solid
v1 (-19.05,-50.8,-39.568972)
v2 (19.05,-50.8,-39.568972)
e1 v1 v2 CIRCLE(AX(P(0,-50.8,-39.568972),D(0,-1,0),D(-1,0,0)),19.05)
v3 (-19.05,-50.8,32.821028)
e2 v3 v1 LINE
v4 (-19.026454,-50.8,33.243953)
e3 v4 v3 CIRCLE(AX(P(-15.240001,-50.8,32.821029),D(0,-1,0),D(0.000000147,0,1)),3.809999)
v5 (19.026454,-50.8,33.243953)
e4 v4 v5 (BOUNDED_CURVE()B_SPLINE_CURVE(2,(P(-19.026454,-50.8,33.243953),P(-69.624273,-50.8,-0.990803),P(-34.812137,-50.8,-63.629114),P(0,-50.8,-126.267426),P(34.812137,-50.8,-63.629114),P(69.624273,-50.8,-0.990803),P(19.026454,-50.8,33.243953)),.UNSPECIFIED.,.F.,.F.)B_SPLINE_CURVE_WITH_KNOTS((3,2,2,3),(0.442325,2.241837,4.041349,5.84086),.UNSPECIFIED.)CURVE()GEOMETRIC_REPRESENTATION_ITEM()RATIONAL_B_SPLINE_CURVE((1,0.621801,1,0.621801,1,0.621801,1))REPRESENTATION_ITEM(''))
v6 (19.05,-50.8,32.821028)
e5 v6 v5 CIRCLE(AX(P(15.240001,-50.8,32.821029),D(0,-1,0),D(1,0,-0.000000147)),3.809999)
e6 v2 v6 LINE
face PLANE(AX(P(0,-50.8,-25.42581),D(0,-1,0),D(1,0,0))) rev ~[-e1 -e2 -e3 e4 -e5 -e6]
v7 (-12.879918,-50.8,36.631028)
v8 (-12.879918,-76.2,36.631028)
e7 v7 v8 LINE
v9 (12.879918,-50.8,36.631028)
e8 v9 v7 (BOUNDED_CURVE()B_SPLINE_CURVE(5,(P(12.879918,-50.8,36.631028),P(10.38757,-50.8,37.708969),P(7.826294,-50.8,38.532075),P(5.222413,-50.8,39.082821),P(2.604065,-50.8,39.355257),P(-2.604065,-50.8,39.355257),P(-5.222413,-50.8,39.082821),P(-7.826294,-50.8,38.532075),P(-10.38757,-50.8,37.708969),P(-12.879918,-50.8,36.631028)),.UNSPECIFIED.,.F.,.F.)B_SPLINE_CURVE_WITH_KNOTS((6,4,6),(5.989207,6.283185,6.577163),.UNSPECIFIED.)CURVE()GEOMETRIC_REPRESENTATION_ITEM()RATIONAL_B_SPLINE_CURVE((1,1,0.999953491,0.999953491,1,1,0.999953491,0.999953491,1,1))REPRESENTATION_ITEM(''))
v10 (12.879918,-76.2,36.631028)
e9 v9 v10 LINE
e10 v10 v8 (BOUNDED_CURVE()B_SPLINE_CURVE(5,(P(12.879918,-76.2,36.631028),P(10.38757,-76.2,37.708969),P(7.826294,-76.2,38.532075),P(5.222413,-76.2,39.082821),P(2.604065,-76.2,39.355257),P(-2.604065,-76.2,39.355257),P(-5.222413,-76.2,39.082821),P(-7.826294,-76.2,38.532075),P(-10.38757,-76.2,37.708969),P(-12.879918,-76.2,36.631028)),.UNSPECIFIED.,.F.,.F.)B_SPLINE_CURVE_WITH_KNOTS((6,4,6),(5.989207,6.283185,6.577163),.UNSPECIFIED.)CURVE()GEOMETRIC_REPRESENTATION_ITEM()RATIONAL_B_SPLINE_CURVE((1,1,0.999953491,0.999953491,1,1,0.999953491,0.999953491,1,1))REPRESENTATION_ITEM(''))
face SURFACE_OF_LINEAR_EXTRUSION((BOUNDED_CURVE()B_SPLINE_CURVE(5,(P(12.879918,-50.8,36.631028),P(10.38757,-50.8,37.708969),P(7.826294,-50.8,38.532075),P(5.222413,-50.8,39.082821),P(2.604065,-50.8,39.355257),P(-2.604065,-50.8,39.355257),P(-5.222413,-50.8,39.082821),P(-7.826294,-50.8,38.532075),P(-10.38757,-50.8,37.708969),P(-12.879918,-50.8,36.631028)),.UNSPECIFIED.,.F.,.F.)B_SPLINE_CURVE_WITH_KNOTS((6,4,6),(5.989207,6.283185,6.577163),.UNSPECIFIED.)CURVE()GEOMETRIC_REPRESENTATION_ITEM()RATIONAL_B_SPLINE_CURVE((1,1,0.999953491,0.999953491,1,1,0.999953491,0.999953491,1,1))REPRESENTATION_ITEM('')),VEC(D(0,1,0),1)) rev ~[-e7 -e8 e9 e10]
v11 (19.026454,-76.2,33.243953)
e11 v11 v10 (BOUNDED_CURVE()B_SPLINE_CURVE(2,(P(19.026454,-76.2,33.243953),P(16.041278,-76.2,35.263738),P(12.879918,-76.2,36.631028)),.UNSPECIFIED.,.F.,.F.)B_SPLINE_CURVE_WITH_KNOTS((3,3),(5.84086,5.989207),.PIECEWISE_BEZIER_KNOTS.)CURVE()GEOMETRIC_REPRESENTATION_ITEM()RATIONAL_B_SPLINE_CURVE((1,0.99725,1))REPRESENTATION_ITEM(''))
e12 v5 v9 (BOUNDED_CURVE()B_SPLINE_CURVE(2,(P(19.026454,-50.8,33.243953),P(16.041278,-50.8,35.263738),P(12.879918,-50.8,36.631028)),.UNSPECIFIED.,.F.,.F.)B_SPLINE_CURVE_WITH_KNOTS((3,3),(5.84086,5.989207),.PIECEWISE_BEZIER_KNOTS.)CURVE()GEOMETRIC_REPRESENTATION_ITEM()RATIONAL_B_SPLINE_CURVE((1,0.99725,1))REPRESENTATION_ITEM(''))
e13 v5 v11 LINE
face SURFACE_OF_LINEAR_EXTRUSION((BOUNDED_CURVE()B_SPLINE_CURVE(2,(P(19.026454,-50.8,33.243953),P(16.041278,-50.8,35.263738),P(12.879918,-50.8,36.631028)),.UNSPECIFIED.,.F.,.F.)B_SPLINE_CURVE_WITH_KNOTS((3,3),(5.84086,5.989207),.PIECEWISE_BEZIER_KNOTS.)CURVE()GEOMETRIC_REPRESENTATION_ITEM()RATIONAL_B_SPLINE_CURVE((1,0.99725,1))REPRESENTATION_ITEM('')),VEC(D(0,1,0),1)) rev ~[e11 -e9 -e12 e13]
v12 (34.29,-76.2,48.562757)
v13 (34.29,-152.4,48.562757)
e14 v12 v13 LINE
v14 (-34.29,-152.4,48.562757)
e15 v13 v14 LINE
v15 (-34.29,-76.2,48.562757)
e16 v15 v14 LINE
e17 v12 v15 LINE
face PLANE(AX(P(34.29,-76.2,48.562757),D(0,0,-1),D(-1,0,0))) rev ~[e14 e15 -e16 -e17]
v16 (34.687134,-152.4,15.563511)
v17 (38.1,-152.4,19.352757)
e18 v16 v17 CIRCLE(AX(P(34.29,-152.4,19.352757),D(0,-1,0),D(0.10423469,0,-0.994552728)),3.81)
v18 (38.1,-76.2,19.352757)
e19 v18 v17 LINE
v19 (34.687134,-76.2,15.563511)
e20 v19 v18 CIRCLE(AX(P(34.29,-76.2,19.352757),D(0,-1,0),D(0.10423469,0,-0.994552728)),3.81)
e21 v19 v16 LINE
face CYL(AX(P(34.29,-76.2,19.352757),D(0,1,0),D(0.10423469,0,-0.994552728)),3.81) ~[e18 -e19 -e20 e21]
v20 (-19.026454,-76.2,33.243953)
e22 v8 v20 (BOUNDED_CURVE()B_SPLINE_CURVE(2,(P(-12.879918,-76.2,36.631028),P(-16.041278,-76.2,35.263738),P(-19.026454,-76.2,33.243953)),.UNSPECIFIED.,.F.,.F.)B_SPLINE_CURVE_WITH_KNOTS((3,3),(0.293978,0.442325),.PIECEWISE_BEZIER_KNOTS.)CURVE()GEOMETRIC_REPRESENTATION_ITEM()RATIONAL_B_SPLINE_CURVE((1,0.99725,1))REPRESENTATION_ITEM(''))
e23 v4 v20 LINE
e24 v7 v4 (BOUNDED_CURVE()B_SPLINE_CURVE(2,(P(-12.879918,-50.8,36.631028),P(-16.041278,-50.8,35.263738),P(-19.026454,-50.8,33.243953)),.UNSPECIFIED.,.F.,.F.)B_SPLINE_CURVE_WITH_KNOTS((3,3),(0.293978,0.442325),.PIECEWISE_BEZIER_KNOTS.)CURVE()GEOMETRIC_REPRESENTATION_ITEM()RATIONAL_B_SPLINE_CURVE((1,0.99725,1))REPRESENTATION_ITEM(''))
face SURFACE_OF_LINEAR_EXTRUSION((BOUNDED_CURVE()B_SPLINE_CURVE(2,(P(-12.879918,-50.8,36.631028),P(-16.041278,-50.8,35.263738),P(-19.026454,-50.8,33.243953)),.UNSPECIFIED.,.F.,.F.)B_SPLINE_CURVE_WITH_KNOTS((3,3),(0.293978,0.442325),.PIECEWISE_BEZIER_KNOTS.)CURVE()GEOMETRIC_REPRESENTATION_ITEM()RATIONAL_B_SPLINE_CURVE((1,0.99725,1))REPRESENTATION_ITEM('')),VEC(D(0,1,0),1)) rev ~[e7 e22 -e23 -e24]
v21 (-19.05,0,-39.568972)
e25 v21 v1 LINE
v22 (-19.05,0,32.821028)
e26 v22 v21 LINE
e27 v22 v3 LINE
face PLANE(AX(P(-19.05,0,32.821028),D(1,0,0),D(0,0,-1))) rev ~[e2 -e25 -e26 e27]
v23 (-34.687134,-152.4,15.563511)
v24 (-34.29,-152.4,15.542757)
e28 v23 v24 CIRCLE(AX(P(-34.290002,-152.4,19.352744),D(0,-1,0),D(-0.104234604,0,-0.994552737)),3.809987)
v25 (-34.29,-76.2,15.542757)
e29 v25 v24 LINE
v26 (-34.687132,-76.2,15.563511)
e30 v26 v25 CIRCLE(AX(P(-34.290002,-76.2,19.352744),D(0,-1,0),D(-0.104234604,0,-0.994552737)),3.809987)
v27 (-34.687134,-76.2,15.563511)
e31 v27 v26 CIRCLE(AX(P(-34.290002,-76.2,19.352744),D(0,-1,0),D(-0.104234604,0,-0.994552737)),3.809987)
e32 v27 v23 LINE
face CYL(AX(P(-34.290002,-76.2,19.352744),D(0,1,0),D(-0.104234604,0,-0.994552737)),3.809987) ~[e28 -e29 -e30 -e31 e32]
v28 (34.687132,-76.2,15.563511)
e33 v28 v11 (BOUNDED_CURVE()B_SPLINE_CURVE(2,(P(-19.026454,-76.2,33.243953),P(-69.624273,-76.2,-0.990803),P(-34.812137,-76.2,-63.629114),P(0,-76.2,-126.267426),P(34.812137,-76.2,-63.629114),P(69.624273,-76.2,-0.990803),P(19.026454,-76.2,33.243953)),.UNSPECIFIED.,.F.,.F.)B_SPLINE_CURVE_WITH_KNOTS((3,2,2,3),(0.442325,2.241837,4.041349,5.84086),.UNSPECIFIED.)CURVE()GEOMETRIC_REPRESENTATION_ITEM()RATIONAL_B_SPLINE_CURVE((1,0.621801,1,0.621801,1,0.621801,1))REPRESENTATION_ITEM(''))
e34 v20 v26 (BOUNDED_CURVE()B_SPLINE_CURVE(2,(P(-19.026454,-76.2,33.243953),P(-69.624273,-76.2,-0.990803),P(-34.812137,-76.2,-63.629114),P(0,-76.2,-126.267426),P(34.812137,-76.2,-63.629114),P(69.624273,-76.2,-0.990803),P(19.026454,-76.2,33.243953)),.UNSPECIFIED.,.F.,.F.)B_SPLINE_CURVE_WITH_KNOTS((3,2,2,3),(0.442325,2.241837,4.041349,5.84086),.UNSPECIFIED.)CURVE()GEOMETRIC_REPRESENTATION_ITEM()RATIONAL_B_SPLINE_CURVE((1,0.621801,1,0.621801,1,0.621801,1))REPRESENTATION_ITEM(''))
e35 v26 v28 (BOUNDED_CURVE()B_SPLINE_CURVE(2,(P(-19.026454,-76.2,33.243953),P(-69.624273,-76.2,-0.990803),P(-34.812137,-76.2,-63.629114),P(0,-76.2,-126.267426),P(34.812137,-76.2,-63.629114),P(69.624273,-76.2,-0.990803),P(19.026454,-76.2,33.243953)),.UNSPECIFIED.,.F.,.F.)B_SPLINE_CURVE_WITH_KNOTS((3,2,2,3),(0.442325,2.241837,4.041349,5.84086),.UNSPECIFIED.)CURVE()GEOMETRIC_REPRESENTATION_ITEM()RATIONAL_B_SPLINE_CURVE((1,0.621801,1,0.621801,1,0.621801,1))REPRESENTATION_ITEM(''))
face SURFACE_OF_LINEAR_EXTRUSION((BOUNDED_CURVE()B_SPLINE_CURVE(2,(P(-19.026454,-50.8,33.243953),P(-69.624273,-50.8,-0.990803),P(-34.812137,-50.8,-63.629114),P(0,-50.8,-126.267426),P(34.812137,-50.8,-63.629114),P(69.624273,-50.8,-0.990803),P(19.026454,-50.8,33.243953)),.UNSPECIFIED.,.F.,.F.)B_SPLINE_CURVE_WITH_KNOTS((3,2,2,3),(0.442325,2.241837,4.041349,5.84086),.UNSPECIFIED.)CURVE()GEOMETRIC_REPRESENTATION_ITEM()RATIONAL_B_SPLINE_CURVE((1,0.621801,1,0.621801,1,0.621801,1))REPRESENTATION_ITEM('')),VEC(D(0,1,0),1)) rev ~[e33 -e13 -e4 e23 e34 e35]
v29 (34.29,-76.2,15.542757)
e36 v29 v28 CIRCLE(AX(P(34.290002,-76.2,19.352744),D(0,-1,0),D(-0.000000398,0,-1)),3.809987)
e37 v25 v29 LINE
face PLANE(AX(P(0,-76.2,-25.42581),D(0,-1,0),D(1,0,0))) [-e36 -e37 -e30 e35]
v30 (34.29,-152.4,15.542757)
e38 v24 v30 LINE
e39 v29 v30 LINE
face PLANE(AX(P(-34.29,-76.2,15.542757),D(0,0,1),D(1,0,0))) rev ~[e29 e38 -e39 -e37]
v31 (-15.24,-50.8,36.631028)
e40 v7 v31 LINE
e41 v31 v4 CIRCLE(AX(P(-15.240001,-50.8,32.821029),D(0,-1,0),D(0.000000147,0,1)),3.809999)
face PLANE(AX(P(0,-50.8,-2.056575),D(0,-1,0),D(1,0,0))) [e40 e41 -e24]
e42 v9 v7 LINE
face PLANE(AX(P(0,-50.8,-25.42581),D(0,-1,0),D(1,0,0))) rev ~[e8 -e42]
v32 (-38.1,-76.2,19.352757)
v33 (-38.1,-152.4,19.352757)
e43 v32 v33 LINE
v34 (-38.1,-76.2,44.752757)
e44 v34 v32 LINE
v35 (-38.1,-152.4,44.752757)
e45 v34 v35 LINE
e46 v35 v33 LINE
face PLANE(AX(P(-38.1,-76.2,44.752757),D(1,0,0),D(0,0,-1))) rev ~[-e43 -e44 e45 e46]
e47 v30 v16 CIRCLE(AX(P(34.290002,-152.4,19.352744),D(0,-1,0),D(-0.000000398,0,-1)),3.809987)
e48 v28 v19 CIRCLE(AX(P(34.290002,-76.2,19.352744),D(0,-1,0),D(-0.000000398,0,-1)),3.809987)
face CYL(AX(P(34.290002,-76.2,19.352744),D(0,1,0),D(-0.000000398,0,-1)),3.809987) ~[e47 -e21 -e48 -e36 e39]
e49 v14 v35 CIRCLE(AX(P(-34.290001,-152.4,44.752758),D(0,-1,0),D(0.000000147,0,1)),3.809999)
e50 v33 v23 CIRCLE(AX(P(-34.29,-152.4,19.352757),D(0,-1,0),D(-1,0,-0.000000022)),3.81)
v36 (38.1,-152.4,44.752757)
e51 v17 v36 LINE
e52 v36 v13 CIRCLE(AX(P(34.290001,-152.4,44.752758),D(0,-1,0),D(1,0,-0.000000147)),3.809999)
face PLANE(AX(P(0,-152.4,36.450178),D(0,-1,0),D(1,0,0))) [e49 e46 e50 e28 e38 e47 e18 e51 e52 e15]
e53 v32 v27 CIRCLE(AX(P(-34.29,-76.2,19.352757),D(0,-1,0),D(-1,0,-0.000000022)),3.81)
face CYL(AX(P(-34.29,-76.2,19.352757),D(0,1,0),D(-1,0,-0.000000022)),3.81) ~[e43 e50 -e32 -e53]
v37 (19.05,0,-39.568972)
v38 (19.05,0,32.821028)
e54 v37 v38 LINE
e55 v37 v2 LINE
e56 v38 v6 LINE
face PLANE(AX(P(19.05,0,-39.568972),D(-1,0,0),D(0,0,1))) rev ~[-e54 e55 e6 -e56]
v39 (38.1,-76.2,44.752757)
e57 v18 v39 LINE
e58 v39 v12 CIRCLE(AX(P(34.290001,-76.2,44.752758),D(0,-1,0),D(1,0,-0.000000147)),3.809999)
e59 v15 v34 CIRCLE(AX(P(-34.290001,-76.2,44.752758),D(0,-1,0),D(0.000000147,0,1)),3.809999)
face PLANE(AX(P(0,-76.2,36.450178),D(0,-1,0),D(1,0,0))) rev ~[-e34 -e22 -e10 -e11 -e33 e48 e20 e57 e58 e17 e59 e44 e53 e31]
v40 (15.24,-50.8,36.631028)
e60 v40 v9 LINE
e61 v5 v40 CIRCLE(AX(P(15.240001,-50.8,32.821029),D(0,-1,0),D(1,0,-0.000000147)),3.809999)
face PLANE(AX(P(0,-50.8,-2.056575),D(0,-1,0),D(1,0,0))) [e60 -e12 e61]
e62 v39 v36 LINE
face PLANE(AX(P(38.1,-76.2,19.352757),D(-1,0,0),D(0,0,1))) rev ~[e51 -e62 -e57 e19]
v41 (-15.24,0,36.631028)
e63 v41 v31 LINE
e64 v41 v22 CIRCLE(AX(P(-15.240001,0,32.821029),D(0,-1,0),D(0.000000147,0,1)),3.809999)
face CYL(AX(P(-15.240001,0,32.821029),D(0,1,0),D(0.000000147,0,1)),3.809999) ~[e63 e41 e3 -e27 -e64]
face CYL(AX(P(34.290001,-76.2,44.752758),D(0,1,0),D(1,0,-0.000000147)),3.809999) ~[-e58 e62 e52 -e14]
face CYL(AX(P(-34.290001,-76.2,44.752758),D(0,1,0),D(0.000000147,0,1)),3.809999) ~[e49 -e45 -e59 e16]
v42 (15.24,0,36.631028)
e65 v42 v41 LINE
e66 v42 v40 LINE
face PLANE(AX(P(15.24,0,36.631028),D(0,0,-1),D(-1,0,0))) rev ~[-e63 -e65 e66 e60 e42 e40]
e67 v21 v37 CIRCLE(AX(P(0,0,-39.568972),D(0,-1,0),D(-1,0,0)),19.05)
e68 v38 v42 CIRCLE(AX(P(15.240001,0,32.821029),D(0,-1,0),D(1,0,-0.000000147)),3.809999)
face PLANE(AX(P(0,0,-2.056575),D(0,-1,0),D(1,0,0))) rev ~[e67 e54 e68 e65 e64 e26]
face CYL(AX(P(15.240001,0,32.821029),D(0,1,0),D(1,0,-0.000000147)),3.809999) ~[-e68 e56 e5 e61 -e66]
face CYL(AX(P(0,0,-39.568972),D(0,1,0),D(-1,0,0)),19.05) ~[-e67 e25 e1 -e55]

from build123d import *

# Parameters (mm, degrees)
F1_DEPTH = 50.8
F3_DEPTH = 25.4
F5_DEPTH = 76.2


with BuildPart() as f1:
    # F0 (on Front) → F1 (new body)
    with BuildSketch(Plane.XZ):
        with BuildLine():
            ThreePointArc((19.05, 32.821028), (17.934077, 35.515105), (15.24, 36.631028))
            Line((15.24, 36.631028), (-15.24, 36.631028))
            ThreePointArc((-15.24, 36.631028), (-17.934077, 35.515105), (-19.05, 32.821028))
            Line((-19.05, 32.821028), (-19.05, -39.568972))
            Line((-19.05, -39.568972), (19.05, -39.568972))
            Line((19.05, -39.568972), (19.05, 32.821028))
        make_face()
        with BuildLine():
            ThreePointArc((-19.05, -39.568972), (0, -58.618972), (19.05, -39.568972))
            Line((19.05, -39.568972), (-19.05, -39.568972))
        make_face()
    extrude(amount=F1_DEPTH)

    # F2 (on face) → F3 (join)
    with BuildSketch(Plane.XZ.offset(50.8)):
        with BuildLine():
            ThreePointArc((-19.05, 32.821028), (-19.044109, 33.032818), (-19.026454, 33.243953))
            add(Edge.make_bspline(
                [(-19.026454, 33.243953), (-69.624273, -0.990803), (-34.812137, -63.629114), (0, -126.267426), (34.812137, -63.629114), (69.624273, -0.990803), (19.026454, 33.243953)],
                knots=[0.442325, 0.442325, 0.442325, 2.241837, 2.241837, 4.041349, 4.041349, 5.84086, 5.84086, 5.84086], degree=2, weights=[1, 0.621801, 1, 0.621801, 1, 0.621801, 1]))
            ThreePointArc((19.026454, 33.243953), (19.044109, 33.032818), (19.05, 32.821028))
            Line((19.05, 32.821028), (19.05, -39.568972))
            ThreePointArc((19.05, -39.568972), (0, -58.618972), (-19.05, -39.568972))
            Line((-19.05, -39.568972), (-19.05, 32.821028))
        make_face()
        with BuildLine():
            Line((12.879918, 36.631028), (-12.879918, 36.631028))
            add(Edge.make_bspline(
                [(-12.879918, 36.631028), (-16.041278, 35.263738), (-19.026454, 33.243953)],
                knots=[0.293978, 0.293978, 0.293978, 0.442325, 0.442325, 0.442325], degree=2, weights=[1, 0.99725, 1]))
            ThreePointArc((-19.026454, 33.243953), (-19.044109, 33.032818), (-19.05, 32.821028))
            Line((-19.05, 32.821028), (-19.05, -39.568972))
            ThreePointArc((-19.05, -39.568972), (0, -58.618972), (19.05, -39.568972))
            Line((19.05, -39.568972), (19.05, 32.821028))
            ThreePointArc((19.05, 32.821028), (19.044109, 33.032818), (19.026454, 33.243953))
            add(Edge.make_bspline(
                [(19.026454, 33.243953), (16.041278, 35.263738), (12.879918, 36.631028)],
                knots=[5.84086, 5.84086, 5.84086, 5.989207, 5.989207, 5.989207], degree=2, weights=[1, 0.99725, 1]))
        make_face()
        with BuildLine():
            add(Edge.make_bspline(
                [(12.879918, 36.631028), (6.581128, 39.355257), (0, 39.355257)],
                knots=[5.989207, 5.989207, 5.989207, 6.283185, 6.283185, 6.283185], degree=2, weights=[1, 0.989217, 1]))
            add(Edge.make_bspline(
                [(0, 39.355257), (-6.581128, 39.355257), (-12.879918, 36.631028)],
                knots=[0, 0, 0, 0.293978, 0.293978, 0.293978], degree=2, weights=[1, 0.989217, 1]))
            Line((-12.879918, 36.631028), (12.879918, 36.631028))
        make_face()
    extrude(amount=F3_DEPTH)

    # F4 (on face) → F5 (join)
    with BuildSketch(Plane.XZ.offset(76.2)):
        with BuildLine():
            ThreePointArc((-38.1, 19.352757), (-37.121005, 16.802951), (-34.687134, 15.563511))
            add(Edge.make_bspline(
                [(-19.026454, 33.243953), (-28.282625, 26.981178), (-34.687134, 15.563511)],
                knots=[0.442325, 0.442325, 0.442325, 0.918738, 0.918738, 0.918738], degree=2, weights=[1, 0.899873, 0.852763]))
            add(Edge.make_bspline(
                [(-12.879918, 36.631028), (-16.041278, 35.263738), (-19.026454, 33.243953)],
                knots=[0.293978, 0.293978, 0.293978, 0.442325, 0.442325, 0.442325], degree=2, weights=[1, 0.99725, 1]))
            add(Edge.make_bspline(
                [(0, 39.355257), (-6.581128, 39.355257), (-12.879918, 36.631028)],
                knots=[0, 0, 0, 0.293978, 0.293978, 0.293978], degree=2, weights=[1, 0.989217, 1]))
            add(Edge.make_bspline(
                [(12.879918, 36.631028), (6.581128, 39.355257), (0, 39.355257)],
                knots=[5.989207, 5.989207, 5.989207, 6.283185, 6.283185, 6.283185], degree=2, weights=[1, 0.989217, 1]))
            add(Edge.make_bspline(
                [(19.026454, 33.243953), (16.041278, 35.263738), (12.879918, 36.631028)],
                knots=[5.84086, 5.84086, 5.84086, 5.989207, 5.989207, 5.989207], degree=2, weights=[1, 0.99725, 1]))
            add(Edge.make_bspline(
                [(34.687134, 15.563511), (28.282625, 26.981178), (19.026454, 33.243953)],
                knots=[5.364447, 5.364447, 5.364447, 5.84086, 5.84086, 5.84086], degree=2, weights=[0.852763, 0.899873, 1]))
            ThreePointArc((34.687134, 15.563511), (37.121005, 16.802951), (38.1, 19.352757))
            Line((38.1, 19.352757), (38.1, 44.752757))
            ThreePointArc((38.1, 44.752757), (36.984077, 47.446834), (34.29, 48.562757))
            Line((34.29, 48.562757), (-34.29, 48.562757))
            ThreePointArc((-34.29, 48.562757), (-36.984077, 47.446834), (-38.1, 44.752757))
            Line((-38.1, 44.752757), (-38.1, 19.352757))
        make_face()
        with BuildLine():
            ThreePointArc((-34.687134, 15.563511), (-34.488838, 15.547949), (-34.29, 15.542757))
            Line((-34.29, 15.542757), (34.29, 15.542757))
            ThreePointArc((34.29, 15.542757), (34.488838, 15.547949), (34.687134, 15.563511))
            add(Edge.make_bspline(
                [(34.687134, 15.563511), (28.282625, 26.981178), (19.026454, 33.243953)],
                knots=[5.364447, 5.364447, 5.364447, 5.84086, 5.84086, 5.84086], degree=2, weights=[0.852763, 0.899873, 1]))
            add(Edge.make_bspline(
                [(19.026454, 33.243953), (16.041278, 35.263738), (12.879918, 36.631028)],
                knots=[5.84086, 5.84086, 5.84086, 5.989207, 5.989207, 5.989207], degree=2, weights=[1, 0.99725, 1]))
            add(Edge.make_bspline(
                [(12.879918, 36.631028), (6.581128, 39.355257), (0, 39.355257)],
                knots=[5.989207, 5.989207, 5.989207, 6.283185, 6.283185, 6.283185], degree=2, weights=[1, 0.989217, 1]))
            add(Edge.make_bspline(
                [(0, 39.355257), (-6.581128, 39.355257), (-12.879918, 36.631028)],
                knots=[0, 0, 0, 0.293978, 0.293978, 0.293978], degree=2, weights=[1, 0.989217, 1]))
            add(Edge.make_bspline(
                [(-12.879918, 36.631028), (-16.041278, 35.263738), (-19.026454, 33.243953)],
                knots=[0.293978, 0.293978, 0.293978, 0.442325, 0.442325, 0.442325], degree=2, weights=[1, 0.99725, 1]))
            add(Edge.make_bspline(
                [(-19.026454, 33.243953), (-28.282625, 26.981178), (-34.687134, 15.563511)],
                knots=[0.442325, 0.442325, 0.442325, 0.918738, 0.918738, 0.918738], degree=2, weights=[1, 0.899873, 0.852763]))
        make_face()
    extrude(amount=F5_DEPTH)


solid = f1.part
